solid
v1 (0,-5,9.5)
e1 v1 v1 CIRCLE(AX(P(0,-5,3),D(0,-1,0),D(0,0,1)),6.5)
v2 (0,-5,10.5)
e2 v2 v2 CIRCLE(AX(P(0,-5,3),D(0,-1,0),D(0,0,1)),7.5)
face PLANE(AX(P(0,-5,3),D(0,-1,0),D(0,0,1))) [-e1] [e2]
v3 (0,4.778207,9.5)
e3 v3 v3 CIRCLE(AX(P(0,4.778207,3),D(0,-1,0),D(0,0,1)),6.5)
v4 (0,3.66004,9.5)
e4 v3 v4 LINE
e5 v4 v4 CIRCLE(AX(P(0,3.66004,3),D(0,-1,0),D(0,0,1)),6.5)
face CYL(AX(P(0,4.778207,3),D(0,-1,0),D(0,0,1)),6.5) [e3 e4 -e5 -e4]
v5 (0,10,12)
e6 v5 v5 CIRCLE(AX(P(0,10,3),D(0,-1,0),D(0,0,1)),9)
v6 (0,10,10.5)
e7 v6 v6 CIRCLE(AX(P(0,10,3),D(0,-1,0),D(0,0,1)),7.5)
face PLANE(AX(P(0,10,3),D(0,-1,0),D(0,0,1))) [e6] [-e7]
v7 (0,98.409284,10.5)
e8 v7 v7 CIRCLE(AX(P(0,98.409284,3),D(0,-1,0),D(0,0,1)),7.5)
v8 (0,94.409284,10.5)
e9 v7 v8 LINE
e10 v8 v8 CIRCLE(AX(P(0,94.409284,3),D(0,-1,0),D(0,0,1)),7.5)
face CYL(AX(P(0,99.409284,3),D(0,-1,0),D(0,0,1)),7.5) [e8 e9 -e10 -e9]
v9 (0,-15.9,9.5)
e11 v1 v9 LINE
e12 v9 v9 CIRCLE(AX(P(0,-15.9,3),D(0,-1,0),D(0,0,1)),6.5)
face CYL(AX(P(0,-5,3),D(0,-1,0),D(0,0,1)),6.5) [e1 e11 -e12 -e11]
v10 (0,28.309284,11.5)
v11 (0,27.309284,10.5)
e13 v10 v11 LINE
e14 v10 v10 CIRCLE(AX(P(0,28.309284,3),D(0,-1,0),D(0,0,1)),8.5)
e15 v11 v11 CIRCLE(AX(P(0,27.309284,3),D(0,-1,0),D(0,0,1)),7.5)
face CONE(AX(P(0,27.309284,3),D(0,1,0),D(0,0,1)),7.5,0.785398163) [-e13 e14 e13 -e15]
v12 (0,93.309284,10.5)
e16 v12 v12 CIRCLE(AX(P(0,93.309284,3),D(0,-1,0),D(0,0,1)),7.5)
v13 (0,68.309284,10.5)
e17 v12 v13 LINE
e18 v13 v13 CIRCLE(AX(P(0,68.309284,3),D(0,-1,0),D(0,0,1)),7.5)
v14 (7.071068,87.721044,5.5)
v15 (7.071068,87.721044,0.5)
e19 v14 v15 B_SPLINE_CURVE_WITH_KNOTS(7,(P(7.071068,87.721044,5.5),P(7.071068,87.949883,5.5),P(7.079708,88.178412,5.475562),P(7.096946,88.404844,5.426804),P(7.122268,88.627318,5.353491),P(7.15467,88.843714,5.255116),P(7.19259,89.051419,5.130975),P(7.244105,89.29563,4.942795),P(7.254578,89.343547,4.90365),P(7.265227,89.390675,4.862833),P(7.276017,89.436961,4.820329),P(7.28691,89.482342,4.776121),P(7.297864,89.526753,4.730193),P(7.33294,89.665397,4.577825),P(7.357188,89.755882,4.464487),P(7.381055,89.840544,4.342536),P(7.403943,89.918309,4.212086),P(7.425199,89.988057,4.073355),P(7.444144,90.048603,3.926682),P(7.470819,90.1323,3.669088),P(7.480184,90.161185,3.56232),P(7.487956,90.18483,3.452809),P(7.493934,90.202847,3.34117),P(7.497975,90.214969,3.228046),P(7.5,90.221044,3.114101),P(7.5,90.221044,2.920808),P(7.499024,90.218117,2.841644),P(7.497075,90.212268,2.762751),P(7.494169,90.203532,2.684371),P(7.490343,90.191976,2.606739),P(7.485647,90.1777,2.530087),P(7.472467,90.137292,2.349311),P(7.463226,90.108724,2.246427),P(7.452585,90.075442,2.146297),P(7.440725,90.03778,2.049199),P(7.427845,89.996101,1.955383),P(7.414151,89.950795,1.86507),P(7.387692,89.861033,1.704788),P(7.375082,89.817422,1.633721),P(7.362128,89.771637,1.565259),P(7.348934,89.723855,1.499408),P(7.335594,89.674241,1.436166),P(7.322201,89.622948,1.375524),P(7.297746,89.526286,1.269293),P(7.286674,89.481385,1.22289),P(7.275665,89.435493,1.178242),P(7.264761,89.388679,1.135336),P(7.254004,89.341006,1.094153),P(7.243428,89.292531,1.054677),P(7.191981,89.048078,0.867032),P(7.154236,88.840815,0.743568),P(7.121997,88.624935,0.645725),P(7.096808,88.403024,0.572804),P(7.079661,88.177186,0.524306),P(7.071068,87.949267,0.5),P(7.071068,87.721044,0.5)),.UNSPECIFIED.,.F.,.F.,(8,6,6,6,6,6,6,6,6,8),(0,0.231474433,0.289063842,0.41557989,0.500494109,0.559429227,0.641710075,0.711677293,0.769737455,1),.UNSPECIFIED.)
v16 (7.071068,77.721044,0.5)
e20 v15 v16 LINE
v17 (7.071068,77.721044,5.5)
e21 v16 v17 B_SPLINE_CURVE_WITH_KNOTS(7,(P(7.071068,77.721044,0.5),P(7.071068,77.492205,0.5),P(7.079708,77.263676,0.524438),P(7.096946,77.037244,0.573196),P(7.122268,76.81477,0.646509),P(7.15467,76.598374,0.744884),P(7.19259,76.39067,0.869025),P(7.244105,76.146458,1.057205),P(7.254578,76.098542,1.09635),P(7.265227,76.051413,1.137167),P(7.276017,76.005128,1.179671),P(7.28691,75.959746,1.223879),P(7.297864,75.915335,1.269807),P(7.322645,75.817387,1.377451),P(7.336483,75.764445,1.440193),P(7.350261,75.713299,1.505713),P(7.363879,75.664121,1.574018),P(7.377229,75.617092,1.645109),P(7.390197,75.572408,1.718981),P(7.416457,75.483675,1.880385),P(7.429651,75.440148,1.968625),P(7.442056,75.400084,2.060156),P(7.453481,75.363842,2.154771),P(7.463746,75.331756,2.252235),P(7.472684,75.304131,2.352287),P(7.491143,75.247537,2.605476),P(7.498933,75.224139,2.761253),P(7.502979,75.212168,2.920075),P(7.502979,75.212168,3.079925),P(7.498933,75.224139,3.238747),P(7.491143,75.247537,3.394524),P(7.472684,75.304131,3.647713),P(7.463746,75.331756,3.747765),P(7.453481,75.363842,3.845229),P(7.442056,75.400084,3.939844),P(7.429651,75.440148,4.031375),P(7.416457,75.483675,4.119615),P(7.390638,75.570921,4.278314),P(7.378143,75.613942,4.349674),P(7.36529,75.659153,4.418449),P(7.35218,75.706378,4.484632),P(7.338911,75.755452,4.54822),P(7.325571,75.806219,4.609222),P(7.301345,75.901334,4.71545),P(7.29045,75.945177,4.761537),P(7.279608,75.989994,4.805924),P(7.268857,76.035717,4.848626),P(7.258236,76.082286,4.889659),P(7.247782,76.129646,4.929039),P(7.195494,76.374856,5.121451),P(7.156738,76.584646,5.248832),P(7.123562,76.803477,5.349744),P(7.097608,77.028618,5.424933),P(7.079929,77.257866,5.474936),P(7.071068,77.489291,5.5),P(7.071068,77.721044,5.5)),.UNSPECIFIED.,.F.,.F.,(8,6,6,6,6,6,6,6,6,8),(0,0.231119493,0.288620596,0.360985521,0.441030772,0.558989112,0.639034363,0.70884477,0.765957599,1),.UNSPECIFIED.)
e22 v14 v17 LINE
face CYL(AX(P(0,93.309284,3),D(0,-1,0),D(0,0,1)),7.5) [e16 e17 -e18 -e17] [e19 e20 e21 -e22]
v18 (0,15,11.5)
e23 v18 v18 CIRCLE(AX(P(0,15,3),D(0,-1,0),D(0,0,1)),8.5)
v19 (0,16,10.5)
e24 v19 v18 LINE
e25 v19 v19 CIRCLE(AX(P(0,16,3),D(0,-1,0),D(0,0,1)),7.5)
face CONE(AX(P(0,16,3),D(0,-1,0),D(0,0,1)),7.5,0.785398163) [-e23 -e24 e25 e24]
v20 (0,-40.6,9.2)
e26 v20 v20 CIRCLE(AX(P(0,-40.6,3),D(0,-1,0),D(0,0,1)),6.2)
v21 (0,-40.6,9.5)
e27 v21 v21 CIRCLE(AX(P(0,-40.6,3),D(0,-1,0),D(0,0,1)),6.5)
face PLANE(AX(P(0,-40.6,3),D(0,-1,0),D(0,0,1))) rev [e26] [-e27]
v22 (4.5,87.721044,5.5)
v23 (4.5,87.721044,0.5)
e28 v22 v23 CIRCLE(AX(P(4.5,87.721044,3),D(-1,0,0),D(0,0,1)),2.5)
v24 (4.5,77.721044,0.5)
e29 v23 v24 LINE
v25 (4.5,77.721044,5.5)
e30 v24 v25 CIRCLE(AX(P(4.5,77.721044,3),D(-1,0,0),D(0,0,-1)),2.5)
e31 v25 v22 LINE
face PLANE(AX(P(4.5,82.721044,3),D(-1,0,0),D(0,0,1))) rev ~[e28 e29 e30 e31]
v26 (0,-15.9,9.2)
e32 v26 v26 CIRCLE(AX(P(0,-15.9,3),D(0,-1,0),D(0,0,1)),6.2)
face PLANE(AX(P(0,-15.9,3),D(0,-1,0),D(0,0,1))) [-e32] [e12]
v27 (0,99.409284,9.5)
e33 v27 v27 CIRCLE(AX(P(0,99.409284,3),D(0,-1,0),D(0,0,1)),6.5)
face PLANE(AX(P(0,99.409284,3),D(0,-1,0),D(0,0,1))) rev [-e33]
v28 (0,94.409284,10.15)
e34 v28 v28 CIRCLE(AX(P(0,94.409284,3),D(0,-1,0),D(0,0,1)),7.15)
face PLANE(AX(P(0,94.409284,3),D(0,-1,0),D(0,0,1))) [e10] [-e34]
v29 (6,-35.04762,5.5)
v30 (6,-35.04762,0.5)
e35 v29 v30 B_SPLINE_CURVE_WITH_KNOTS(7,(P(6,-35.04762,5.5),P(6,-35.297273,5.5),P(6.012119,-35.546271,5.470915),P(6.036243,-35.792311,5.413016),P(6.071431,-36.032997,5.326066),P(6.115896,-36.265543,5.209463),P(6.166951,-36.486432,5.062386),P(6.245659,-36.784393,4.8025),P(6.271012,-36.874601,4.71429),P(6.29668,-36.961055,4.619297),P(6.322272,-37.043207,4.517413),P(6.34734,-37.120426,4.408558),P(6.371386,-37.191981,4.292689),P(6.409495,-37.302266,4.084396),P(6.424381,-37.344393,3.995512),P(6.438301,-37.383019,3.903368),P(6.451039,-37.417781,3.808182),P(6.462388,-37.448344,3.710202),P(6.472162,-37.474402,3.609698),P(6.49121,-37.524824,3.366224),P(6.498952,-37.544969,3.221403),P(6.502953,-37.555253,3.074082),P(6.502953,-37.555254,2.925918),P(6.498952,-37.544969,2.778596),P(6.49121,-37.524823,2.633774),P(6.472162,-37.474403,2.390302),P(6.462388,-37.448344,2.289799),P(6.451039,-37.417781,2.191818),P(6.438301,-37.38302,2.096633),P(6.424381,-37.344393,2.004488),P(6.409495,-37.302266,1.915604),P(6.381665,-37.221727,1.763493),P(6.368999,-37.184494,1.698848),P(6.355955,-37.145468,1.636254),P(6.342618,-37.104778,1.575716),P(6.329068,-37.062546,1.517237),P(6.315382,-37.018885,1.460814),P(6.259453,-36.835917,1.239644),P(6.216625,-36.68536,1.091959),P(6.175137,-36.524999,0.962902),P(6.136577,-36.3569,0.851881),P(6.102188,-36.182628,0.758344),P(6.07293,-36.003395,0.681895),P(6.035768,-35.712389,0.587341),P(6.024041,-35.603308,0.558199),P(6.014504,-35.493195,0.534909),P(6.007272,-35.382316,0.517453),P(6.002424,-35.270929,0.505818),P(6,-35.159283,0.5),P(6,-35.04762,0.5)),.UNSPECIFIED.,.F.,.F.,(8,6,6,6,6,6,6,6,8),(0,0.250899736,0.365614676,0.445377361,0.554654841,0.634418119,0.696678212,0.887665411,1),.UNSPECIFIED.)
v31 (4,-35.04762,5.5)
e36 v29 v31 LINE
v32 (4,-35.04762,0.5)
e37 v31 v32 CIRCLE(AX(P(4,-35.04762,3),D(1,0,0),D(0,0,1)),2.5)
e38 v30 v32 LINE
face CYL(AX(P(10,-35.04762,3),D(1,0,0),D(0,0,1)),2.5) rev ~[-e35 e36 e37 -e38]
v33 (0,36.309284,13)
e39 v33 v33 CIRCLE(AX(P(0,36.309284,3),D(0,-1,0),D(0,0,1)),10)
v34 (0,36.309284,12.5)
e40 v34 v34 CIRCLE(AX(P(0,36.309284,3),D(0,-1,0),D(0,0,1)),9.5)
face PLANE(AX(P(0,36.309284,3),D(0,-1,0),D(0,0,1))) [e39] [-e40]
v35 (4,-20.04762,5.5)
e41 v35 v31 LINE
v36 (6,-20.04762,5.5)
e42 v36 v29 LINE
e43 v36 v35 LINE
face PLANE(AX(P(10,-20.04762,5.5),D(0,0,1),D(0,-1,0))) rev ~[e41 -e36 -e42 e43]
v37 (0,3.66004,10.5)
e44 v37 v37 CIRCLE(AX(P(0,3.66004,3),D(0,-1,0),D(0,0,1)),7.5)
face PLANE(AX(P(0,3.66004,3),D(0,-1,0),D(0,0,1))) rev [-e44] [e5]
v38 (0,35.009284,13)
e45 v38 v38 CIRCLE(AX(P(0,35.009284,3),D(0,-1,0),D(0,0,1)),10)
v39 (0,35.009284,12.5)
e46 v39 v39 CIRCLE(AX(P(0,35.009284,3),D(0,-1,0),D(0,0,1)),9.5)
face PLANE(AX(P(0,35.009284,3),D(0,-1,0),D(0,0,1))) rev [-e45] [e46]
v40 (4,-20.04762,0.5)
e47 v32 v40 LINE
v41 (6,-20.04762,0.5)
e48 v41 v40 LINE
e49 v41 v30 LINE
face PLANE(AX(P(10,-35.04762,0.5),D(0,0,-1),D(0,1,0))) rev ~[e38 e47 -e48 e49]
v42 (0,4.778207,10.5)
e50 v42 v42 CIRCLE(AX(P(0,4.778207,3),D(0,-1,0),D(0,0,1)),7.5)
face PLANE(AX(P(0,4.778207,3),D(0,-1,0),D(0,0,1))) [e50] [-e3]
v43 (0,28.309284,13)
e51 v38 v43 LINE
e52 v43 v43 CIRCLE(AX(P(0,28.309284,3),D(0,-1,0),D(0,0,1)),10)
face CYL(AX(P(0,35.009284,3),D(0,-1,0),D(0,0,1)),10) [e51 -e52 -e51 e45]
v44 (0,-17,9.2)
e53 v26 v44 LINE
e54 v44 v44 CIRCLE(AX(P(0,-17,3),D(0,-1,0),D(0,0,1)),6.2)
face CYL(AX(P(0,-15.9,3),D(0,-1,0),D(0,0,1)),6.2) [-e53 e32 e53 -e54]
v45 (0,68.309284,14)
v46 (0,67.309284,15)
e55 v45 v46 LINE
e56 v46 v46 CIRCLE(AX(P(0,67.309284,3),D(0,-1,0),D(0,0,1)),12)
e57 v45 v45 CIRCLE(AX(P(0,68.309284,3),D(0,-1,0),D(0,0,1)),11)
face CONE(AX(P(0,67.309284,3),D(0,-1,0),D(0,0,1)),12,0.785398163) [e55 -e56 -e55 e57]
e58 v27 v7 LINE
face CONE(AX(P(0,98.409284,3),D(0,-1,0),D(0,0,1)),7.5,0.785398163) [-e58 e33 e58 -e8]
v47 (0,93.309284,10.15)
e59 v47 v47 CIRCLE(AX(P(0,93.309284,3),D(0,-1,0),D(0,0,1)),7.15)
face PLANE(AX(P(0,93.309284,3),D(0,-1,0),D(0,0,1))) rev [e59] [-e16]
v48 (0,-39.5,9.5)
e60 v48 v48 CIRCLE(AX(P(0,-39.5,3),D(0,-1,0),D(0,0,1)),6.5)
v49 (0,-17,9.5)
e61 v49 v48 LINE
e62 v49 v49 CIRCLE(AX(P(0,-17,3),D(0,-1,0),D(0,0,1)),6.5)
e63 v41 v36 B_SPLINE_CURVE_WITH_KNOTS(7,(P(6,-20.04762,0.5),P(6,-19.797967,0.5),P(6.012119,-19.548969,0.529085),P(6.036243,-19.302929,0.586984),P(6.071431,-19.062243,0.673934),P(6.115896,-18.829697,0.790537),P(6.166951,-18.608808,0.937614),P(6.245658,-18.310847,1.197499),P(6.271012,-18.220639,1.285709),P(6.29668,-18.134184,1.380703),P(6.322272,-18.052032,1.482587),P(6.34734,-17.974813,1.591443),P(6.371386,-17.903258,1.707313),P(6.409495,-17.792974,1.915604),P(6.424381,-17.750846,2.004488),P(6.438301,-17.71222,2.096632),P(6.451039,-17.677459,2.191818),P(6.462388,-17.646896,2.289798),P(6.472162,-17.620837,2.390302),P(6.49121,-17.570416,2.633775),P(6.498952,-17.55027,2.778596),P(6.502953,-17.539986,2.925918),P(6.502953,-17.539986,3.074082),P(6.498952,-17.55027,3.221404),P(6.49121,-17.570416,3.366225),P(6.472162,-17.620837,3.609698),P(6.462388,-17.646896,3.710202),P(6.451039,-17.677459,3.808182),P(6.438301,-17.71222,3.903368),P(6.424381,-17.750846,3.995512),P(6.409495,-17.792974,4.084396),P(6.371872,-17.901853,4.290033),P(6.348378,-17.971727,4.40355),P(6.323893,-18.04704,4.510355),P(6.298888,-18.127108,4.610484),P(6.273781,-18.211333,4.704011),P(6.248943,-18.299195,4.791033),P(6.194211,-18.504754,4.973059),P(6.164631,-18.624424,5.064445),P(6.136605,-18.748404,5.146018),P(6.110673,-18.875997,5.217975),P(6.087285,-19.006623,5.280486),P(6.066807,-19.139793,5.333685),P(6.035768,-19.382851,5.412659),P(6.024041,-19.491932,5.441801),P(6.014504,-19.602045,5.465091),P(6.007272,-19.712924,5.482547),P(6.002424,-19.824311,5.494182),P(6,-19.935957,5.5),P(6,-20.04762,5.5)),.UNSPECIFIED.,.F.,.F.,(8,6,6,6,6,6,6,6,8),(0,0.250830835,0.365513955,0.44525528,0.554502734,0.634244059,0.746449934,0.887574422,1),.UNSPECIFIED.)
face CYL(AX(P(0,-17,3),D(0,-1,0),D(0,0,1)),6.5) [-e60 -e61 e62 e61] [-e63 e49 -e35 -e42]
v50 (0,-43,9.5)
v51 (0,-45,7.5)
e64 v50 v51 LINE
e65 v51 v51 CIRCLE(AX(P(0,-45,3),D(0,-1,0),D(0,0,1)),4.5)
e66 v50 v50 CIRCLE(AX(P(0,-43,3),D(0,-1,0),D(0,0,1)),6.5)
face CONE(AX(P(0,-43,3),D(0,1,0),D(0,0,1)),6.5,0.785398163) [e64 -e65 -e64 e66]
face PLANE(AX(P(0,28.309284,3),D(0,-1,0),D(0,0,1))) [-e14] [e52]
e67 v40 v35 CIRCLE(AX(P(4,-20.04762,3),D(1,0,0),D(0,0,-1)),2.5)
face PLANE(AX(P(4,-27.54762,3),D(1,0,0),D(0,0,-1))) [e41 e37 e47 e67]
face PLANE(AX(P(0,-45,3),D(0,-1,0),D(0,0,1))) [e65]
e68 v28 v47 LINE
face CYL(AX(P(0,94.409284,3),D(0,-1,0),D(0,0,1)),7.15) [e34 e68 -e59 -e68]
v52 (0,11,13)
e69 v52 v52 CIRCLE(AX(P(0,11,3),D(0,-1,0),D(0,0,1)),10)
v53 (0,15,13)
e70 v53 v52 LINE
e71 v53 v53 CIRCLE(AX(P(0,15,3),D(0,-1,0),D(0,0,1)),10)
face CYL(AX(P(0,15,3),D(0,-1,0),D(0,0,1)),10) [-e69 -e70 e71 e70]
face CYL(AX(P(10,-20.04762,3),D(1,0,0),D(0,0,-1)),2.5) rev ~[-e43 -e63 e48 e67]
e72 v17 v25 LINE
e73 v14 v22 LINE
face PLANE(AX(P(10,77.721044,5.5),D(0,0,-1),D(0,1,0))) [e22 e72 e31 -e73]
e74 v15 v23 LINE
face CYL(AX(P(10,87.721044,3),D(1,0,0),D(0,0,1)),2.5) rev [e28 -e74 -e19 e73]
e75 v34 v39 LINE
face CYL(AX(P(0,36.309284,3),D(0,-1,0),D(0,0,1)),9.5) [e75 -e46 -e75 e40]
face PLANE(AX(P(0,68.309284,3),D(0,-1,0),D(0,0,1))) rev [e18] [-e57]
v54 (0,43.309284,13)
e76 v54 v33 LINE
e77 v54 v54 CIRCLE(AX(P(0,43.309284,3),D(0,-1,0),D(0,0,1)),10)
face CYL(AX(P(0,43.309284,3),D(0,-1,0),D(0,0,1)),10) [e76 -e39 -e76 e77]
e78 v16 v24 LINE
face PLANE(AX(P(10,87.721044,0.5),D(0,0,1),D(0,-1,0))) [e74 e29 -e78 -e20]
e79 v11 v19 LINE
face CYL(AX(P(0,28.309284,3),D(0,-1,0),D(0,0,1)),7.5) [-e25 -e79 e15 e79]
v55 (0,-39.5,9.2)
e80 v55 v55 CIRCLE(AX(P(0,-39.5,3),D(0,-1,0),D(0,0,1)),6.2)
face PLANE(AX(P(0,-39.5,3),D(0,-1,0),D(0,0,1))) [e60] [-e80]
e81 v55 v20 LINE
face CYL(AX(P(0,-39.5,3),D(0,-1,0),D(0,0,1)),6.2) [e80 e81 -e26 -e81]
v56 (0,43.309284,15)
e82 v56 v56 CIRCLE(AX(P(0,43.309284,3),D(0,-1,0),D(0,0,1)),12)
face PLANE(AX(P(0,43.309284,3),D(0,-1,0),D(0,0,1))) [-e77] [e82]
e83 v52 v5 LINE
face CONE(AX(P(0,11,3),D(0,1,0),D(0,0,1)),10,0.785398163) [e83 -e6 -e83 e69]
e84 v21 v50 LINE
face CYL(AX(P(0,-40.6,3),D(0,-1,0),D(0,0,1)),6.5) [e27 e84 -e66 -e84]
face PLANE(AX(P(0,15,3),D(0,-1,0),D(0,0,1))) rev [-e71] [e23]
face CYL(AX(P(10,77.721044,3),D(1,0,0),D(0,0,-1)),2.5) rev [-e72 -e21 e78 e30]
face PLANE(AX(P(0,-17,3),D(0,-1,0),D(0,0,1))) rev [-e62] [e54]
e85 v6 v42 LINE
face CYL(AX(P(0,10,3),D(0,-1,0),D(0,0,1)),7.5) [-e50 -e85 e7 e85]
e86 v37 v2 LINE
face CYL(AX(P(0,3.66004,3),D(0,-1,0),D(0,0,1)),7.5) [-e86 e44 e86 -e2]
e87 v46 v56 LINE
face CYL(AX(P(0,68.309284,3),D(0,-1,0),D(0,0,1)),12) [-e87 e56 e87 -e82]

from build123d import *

# Parameters (mm, degrees)
SFAZOWANIE2_SIZE           = 1
WYTNIJ_WYCI_GNI_CIE1_DEPTH = 5.5
WYTNIJ_WYCI_GNI_CIE2_DEPTH = 6
SFAZOWANIE3_SIZE           = 2


with BuildPart() as part:
    # Szkic1 → Obrót1 (revolve)
    with BuildSketch(Plane(origin=(0, 0, 0), x_dir=(0, 0, -1), z_dir=(1, 0, 0))):
        Polygon((-3, -6.188308688), (-3, 99.409284105), (-10.5, 99.409284105), (-10.5, 94.409284105), (-10.15, 94.409284105), (-10.15, 93.309284105), (-10.5, 93.309284105), (-10.5, 68.309284105), (-15, 68.309284105), (-15, 43.309284105), (-13, 43.309284105), (-13, 36.309284105), (-12.5, 36.309284105), (-12.5, 35.009284105), (-13, 35.009284105), (-13, 28.309284105), (-10.5, 28.309284105), (-10.5, 15), (-13, 15), (-13, 10), (-10.5, 10), (-10.5, 4.778207376), (-9.5, 4.778207376), (-9.5, 3.660040364), (-10.5, 3.660040364), (-10.5, -5), (-9.5, -5), (-9.5, -15.9), (-9.2, -15.9), (-9.2, -17), (-9.5, -17), (-9.5, -39.5), (-9.2, -39.5), (-9.2, -40.6), (-9.5, -40.6), (-9.5, -45), (-3, -45), (-3, -6.690715895), align=None)
    revolve(axis=Axis((0, 99.409284105, 3), (0, -1, 0)))

    # Sfazowanie2
    sfazowanie2_edges = [part.edges().sort_by_distance(p)[0] for p in [
        (0, 10, -7),
        (0, 15, -4.5),
        (0, 28.309284105, -4.5),
        (0, 68.309284105, -9),
        (0, 99.409284105, -4.5),
    ]]
    chamfer(sfazowanie2_edges, length=SFAZOWANIE2_SIZE)

    # Szkic2 → Wytnij-wyciągnięcie1 (cut)
    with BuildSketch(Plane(origin=(10, 0, 0), x_dir=(0, 0, -1), z_dir=(1, 0, 0))):
        with BuildLine():
            Line((-0.5, 87.721044176), (-0.5, 77.721044176))
            ThreePointArc((-0.5, 77.721044176), (-3, 75.221044176), (-5.5, 77.721044176))
            Line((-5.5, 77.721044176), (-5.5, 87.721044176))
            ThreePointArc((-5.5, 87.721044176), (-3, 90.221044176), (-0.5, 87.721044176))
        make_face()
    extrude(amount=-WYTNIJ_WYCI_GNI_CIE1_DEPTH, mode=Mode.SUBTRACT)

    # Szkic2<4> → Wytnij-wyciągnięcie2 (cut)
    with BuildSketch(Plane(origin=(10, 0, 0), x_dir=(0, 0, -1), z_dir=(1, 0, 0))):
        with BuildLine():
            Line((-5.5, -20.047619848), (-5.5, -35.047619848))
            ThreePointArc((-5.5, -35.047619848), (-3, -37.547619848), (-0.5, -35.047619848))
            Line((-0.5, -35.047619848), (-0.5, -20.047619848))
            ThreePointArc((-0.5, -20.047619848), (-3, -17.547619848), (-5.5, -20.047619848))
        make_face()
    extrude(amount=-WYTNIJ_WYCI_GNI_CIE2_DEPTH, mode=Mode.SUBTRACT)

    # Sfazowanie3
    sfazowanie3_edges = [part.edges().sort_by_distance(p)[0] for p in [
        (0, -45, -3.5),
    ]]
    chamfer(sfazowanie3_edges, length=SFAZOWANIE3_SIZE)


solid = part.part
